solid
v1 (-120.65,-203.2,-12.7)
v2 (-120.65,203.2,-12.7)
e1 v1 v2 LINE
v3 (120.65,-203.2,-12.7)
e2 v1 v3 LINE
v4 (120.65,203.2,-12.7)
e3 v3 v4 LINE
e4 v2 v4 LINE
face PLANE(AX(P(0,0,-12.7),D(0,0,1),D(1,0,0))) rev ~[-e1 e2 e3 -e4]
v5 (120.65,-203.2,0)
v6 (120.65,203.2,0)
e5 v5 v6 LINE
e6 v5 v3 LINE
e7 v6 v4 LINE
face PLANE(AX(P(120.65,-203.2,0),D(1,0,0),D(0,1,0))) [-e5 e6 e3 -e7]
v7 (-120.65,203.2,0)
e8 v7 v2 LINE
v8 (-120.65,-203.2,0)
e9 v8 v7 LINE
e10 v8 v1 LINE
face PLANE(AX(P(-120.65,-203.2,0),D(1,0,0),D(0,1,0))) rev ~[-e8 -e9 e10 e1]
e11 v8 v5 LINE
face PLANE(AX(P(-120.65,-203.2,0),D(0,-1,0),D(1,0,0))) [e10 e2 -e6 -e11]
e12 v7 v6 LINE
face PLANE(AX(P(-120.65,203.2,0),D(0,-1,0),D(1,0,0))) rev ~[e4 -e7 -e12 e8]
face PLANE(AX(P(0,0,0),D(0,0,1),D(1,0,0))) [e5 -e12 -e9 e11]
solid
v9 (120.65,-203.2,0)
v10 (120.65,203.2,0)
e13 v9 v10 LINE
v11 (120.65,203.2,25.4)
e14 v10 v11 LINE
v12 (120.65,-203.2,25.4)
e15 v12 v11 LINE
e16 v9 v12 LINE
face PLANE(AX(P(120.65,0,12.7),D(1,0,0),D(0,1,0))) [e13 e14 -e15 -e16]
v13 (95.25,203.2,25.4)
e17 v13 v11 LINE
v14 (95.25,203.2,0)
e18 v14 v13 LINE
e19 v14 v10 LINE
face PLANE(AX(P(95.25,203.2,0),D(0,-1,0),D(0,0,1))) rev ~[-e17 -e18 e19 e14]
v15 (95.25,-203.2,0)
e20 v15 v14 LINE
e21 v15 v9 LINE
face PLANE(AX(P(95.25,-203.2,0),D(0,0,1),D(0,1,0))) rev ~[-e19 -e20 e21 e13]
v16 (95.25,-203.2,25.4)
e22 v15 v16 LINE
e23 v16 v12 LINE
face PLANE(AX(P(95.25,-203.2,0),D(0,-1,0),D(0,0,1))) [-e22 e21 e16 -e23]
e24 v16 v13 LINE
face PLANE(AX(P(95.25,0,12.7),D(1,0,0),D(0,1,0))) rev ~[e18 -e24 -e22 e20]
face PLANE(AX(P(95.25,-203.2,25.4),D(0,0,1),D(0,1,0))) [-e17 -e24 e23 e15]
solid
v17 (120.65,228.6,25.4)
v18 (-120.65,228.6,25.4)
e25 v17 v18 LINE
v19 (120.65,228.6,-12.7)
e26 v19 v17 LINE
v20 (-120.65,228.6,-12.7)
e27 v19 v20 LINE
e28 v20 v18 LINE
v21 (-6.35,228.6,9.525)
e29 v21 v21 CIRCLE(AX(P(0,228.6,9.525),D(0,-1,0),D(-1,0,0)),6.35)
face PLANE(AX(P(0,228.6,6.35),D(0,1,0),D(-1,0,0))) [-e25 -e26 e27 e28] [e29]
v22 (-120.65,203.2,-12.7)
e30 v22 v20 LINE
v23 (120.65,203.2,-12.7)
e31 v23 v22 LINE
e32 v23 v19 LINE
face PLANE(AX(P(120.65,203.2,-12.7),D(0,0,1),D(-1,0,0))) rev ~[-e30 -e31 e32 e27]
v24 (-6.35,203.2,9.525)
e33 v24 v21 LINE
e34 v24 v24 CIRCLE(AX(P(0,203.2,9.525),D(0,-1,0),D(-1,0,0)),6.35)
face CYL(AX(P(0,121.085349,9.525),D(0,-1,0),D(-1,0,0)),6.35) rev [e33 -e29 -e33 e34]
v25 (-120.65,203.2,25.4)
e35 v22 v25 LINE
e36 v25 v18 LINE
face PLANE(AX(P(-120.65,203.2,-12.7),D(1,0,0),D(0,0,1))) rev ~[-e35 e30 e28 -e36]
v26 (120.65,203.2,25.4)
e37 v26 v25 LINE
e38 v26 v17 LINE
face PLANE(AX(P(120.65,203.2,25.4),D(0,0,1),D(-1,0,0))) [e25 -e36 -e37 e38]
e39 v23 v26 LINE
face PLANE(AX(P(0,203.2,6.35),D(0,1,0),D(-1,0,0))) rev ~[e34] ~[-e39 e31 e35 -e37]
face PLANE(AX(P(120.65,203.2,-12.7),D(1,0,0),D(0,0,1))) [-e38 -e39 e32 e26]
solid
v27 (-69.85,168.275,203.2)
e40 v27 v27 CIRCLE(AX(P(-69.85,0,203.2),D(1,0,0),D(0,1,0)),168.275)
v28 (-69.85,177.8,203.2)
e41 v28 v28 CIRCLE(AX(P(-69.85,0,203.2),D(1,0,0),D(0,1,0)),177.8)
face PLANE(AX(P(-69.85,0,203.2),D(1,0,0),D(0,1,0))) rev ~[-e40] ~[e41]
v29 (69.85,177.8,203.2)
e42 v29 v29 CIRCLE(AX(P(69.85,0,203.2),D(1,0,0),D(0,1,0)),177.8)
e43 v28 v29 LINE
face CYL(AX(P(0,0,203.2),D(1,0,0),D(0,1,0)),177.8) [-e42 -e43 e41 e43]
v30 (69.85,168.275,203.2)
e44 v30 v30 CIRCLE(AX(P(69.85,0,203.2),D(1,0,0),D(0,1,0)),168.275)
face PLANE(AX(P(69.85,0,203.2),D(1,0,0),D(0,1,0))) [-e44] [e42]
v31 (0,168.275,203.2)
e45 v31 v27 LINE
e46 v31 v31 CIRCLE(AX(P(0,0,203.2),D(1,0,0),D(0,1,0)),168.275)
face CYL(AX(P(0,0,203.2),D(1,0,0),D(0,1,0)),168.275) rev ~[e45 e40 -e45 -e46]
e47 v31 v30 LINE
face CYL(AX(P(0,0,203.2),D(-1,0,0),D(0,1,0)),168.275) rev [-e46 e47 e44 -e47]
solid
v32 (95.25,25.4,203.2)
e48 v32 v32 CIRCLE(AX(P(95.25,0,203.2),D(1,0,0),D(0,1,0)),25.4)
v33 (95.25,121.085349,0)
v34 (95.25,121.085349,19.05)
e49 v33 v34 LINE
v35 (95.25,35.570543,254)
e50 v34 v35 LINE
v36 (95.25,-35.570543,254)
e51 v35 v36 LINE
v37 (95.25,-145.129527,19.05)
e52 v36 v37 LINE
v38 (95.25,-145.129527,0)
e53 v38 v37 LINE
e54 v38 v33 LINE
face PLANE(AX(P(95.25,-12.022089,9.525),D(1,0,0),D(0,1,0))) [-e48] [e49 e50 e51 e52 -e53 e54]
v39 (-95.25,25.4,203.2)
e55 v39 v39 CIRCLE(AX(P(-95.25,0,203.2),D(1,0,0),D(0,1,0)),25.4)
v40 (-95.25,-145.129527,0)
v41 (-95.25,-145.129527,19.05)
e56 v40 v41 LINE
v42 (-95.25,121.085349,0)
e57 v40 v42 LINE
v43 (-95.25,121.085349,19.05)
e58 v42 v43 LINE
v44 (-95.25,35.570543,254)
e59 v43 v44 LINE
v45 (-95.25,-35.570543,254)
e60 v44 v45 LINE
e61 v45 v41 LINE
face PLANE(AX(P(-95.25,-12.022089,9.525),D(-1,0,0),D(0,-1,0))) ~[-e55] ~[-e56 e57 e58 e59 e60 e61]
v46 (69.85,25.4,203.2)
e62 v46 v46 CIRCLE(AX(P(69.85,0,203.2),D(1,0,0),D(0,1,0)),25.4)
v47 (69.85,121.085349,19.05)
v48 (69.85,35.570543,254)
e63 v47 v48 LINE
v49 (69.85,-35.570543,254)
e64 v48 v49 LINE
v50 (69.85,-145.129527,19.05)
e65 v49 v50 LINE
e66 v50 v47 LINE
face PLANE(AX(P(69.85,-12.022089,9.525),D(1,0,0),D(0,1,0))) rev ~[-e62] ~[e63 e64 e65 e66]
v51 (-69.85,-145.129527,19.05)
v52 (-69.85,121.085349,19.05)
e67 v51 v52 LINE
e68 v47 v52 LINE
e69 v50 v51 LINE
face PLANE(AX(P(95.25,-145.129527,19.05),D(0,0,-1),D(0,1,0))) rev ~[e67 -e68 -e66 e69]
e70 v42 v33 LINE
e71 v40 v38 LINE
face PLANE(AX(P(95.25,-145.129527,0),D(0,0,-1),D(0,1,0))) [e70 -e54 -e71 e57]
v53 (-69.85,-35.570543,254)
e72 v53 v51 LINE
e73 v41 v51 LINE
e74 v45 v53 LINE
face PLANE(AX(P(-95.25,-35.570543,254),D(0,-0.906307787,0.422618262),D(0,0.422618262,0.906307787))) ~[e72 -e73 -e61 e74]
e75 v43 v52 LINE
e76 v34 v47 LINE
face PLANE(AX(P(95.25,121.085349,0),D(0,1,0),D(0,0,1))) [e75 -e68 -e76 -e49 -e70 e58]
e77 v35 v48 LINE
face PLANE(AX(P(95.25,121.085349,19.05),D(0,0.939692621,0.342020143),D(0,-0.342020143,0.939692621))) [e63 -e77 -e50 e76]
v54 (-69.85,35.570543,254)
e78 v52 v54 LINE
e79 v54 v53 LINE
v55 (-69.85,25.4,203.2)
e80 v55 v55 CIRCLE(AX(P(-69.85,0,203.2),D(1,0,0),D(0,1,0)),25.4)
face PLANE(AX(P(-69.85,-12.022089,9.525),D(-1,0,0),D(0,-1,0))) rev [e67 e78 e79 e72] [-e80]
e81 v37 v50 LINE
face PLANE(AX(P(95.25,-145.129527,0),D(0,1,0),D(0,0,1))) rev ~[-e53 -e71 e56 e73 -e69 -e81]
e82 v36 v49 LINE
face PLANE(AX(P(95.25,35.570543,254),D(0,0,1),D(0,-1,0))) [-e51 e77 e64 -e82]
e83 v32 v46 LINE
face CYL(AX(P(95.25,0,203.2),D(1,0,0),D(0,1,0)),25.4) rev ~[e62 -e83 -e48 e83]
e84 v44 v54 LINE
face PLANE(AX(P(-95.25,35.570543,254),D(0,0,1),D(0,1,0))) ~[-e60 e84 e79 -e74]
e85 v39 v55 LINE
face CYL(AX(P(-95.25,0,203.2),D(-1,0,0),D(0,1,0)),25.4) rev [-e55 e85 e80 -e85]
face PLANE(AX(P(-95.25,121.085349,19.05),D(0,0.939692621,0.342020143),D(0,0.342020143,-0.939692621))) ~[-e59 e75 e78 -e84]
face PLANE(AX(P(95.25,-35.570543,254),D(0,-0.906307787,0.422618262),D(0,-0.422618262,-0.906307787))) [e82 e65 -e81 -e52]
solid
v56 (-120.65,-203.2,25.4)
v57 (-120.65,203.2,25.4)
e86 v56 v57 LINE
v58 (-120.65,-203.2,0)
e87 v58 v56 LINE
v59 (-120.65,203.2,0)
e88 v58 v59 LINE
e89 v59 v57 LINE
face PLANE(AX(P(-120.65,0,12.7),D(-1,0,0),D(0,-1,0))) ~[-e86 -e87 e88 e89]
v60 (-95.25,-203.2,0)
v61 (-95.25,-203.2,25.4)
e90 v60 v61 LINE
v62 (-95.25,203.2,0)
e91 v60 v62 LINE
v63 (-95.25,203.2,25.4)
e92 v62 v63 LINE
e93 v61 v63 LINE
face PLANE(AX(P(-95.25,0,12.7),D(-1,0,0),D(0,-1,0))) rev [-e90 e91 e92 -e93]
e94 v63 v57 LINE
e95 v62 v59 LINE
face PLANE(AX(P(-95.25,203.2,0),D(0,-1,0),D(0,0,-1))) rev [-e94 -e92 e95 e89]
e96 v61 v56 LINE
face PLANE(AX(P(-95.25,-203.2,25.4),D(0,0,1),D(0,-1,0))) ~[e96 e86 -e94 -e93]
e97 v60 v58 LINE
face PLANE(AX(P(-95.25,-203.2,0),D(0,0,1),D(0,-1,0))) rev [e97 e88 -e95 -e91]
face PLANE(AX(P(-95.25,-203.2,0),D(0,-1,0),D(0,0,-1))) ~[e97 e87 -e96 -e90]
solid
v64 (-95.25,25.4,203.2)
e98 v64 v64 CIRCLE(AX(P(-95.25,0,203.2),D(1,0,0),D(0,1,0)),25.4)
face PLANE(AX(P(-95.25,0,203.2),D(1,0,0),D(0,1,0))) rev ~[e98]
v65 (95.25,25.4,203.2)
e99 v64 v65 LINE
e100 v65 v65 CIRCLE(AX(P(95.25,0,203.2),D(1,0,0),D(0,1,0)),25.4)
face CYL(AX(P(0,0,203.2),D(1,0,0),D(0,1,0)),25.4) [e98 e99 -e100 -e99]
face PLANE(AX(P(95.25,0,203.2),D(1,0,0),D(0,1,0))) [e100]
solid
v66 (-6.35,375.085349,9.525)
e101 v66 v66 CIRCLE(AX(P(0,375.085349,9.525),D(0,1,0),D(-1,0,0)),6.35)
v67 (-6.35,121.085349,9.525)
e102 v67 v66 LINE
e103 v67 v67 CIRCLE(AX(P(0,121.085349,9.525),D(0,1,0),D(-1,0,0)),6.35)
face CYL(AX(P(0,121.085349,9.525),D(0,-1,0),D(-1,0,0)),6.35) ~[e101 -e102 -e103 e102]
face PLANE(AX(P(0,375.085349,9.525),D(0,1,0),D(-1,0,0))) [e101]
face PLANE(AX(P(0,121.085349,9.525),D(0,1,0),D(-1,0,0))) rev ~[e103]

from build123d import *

# Parameters (mm, degrees)
F4_R          = 177.8
F4_R_2        = 168.275
F5_DEPTH      = 69.85
F5_DEPTH_BACK = 69.85
F6_W          = 241.3
F6_H          = 406.4
F7_DEPTH      = 12.7
F4_R_3        = 25.4
F8_DEPTH      = 95.25
F8_DEPTH_BACK = 95.25
F9_W          = 266.2148767065
F9_H          = 19.05
F9_R          = 25.4
F10_DEPTH     = 25.4
F12_DEPTH     = 190.5
F13_W         = 406.4
F13_H         = 25.4
F14_DEPTH     = 25.4
F16_R         = 6.35
F17_DEPTH     = 254
F18_W         = 241.3
F18_H         = 38.1
F19_DEPTH     = 25.4


with BuildPart() as f5:
    # F4 (on Right) → F5 (new body, two sides)
    with BuildSketch(Plane.YZ) as f5_sk:
        with Locations((0, 203.2)):
            Circle(F4_R)
        with Locations((0, 203.2)):
            Circle(F4_R_2, mode=Mode.SUBTRACT)
    extrude(amount=F5_DEPTH)
    extrude(f5_sk.sketch, amount=-F5_DEPTH_BACK)


with BuildPart() as f7:
    # F6 (on Top) → F7 (new body)
    with BuildSketch(Plane.XY):
        Rectangle(F6_W, F6_H)
    extrude(amount=-F7_DEPTH)


with BuildPart() as f8:
    # F4 (on Right) → F8 (new body, two sides)
    with BuildSketch(Plane.YZ) as f8_sk:
        with Locations((0, 203.2)):
            Circle(F4_R_3)
    extrude(amount=F8_DEPTH)
    extrude(f8_sk.sketch, amount=-F8_DEPTH_BACK)


with BuildPart() as f10:
    # F9 (on face) → F10 (new body)
    with BuildSketch(Plane.YZ.offset(95.25)):
        with Locations((-12.0220888713, 9.525)):
            Rectangle(F9_W, F9_H)
        Polygon((-35.5705429411, 254), (-145.1295272246, 19.05), (121.0853494819, 19.05), (35.5705429411, 254), align=None)
        with Locations((0, 203.2)):
            Circle(F9_R, mode=Mode.SUBTRACT)
    extrude(amount=-F10_DEPTH)


with BuildPart() as f11_1:
    # F11: instance of F10
    add(f10.part.mirror(Plane.YZ))


with BuildPart() as f10_1:
    add(f10.part)

    add(f11_1.part)  # F12 merges F11_1
    # F9 (on face) → F12 (join)
    with BuildSketch(Plane.YZ.offset(95.25)):
        with Locations((-12.0220888713, 9.525)):
            Rectangle(F9_W, F9_H)
    extrude(amount=-F12_DEPTH)


with BuildPart() as f14:
    # F13 (on face) → F14 (new body)
    with BuildSketch(Plane.YZ.offset(95.25)):
        with Locations((0, 12.7)):
            Rectangle(F13_W, F13_H)
    extrude(amount=F14_DEPTH)


with BuildPart() as f15_1:
    # F15: instance of F14
    add(f14.part.mirror(Plane.YZ))


with BuildPart() as f17:
    # F16 (on face) → F17 (new body)
    with BuildSketch(Plane(origin=(0, 121.0853494819, 0), x_dir=(-1, 0, 0), z_dir=(0, 1, 0))):
        with Locations((0, 9.525)):
            Circle(F16_R)
    extrude(amount=F17_DEPTH)


with BuildPart() as f19:
    # F18 (on face) → F19 (new body)
    with BuildSketch(Plane(origin=(0, 203.2, 0), x_dir=(-1, 0, 0), z_dir=(0, 1, 0))):
        with Locations((0, 6.35)):
            Rectangle(F18_W, F18_H)
    extrude(amount=F19_DEPTH)

    # F20: cut F17
    add(f17.part, mode=Mode.SUBTRACT)


solid = Compound([f5.part, f7.part, f8.part, f10_1.part, f14.part, f15_1.part, f17.part, f19.part])
